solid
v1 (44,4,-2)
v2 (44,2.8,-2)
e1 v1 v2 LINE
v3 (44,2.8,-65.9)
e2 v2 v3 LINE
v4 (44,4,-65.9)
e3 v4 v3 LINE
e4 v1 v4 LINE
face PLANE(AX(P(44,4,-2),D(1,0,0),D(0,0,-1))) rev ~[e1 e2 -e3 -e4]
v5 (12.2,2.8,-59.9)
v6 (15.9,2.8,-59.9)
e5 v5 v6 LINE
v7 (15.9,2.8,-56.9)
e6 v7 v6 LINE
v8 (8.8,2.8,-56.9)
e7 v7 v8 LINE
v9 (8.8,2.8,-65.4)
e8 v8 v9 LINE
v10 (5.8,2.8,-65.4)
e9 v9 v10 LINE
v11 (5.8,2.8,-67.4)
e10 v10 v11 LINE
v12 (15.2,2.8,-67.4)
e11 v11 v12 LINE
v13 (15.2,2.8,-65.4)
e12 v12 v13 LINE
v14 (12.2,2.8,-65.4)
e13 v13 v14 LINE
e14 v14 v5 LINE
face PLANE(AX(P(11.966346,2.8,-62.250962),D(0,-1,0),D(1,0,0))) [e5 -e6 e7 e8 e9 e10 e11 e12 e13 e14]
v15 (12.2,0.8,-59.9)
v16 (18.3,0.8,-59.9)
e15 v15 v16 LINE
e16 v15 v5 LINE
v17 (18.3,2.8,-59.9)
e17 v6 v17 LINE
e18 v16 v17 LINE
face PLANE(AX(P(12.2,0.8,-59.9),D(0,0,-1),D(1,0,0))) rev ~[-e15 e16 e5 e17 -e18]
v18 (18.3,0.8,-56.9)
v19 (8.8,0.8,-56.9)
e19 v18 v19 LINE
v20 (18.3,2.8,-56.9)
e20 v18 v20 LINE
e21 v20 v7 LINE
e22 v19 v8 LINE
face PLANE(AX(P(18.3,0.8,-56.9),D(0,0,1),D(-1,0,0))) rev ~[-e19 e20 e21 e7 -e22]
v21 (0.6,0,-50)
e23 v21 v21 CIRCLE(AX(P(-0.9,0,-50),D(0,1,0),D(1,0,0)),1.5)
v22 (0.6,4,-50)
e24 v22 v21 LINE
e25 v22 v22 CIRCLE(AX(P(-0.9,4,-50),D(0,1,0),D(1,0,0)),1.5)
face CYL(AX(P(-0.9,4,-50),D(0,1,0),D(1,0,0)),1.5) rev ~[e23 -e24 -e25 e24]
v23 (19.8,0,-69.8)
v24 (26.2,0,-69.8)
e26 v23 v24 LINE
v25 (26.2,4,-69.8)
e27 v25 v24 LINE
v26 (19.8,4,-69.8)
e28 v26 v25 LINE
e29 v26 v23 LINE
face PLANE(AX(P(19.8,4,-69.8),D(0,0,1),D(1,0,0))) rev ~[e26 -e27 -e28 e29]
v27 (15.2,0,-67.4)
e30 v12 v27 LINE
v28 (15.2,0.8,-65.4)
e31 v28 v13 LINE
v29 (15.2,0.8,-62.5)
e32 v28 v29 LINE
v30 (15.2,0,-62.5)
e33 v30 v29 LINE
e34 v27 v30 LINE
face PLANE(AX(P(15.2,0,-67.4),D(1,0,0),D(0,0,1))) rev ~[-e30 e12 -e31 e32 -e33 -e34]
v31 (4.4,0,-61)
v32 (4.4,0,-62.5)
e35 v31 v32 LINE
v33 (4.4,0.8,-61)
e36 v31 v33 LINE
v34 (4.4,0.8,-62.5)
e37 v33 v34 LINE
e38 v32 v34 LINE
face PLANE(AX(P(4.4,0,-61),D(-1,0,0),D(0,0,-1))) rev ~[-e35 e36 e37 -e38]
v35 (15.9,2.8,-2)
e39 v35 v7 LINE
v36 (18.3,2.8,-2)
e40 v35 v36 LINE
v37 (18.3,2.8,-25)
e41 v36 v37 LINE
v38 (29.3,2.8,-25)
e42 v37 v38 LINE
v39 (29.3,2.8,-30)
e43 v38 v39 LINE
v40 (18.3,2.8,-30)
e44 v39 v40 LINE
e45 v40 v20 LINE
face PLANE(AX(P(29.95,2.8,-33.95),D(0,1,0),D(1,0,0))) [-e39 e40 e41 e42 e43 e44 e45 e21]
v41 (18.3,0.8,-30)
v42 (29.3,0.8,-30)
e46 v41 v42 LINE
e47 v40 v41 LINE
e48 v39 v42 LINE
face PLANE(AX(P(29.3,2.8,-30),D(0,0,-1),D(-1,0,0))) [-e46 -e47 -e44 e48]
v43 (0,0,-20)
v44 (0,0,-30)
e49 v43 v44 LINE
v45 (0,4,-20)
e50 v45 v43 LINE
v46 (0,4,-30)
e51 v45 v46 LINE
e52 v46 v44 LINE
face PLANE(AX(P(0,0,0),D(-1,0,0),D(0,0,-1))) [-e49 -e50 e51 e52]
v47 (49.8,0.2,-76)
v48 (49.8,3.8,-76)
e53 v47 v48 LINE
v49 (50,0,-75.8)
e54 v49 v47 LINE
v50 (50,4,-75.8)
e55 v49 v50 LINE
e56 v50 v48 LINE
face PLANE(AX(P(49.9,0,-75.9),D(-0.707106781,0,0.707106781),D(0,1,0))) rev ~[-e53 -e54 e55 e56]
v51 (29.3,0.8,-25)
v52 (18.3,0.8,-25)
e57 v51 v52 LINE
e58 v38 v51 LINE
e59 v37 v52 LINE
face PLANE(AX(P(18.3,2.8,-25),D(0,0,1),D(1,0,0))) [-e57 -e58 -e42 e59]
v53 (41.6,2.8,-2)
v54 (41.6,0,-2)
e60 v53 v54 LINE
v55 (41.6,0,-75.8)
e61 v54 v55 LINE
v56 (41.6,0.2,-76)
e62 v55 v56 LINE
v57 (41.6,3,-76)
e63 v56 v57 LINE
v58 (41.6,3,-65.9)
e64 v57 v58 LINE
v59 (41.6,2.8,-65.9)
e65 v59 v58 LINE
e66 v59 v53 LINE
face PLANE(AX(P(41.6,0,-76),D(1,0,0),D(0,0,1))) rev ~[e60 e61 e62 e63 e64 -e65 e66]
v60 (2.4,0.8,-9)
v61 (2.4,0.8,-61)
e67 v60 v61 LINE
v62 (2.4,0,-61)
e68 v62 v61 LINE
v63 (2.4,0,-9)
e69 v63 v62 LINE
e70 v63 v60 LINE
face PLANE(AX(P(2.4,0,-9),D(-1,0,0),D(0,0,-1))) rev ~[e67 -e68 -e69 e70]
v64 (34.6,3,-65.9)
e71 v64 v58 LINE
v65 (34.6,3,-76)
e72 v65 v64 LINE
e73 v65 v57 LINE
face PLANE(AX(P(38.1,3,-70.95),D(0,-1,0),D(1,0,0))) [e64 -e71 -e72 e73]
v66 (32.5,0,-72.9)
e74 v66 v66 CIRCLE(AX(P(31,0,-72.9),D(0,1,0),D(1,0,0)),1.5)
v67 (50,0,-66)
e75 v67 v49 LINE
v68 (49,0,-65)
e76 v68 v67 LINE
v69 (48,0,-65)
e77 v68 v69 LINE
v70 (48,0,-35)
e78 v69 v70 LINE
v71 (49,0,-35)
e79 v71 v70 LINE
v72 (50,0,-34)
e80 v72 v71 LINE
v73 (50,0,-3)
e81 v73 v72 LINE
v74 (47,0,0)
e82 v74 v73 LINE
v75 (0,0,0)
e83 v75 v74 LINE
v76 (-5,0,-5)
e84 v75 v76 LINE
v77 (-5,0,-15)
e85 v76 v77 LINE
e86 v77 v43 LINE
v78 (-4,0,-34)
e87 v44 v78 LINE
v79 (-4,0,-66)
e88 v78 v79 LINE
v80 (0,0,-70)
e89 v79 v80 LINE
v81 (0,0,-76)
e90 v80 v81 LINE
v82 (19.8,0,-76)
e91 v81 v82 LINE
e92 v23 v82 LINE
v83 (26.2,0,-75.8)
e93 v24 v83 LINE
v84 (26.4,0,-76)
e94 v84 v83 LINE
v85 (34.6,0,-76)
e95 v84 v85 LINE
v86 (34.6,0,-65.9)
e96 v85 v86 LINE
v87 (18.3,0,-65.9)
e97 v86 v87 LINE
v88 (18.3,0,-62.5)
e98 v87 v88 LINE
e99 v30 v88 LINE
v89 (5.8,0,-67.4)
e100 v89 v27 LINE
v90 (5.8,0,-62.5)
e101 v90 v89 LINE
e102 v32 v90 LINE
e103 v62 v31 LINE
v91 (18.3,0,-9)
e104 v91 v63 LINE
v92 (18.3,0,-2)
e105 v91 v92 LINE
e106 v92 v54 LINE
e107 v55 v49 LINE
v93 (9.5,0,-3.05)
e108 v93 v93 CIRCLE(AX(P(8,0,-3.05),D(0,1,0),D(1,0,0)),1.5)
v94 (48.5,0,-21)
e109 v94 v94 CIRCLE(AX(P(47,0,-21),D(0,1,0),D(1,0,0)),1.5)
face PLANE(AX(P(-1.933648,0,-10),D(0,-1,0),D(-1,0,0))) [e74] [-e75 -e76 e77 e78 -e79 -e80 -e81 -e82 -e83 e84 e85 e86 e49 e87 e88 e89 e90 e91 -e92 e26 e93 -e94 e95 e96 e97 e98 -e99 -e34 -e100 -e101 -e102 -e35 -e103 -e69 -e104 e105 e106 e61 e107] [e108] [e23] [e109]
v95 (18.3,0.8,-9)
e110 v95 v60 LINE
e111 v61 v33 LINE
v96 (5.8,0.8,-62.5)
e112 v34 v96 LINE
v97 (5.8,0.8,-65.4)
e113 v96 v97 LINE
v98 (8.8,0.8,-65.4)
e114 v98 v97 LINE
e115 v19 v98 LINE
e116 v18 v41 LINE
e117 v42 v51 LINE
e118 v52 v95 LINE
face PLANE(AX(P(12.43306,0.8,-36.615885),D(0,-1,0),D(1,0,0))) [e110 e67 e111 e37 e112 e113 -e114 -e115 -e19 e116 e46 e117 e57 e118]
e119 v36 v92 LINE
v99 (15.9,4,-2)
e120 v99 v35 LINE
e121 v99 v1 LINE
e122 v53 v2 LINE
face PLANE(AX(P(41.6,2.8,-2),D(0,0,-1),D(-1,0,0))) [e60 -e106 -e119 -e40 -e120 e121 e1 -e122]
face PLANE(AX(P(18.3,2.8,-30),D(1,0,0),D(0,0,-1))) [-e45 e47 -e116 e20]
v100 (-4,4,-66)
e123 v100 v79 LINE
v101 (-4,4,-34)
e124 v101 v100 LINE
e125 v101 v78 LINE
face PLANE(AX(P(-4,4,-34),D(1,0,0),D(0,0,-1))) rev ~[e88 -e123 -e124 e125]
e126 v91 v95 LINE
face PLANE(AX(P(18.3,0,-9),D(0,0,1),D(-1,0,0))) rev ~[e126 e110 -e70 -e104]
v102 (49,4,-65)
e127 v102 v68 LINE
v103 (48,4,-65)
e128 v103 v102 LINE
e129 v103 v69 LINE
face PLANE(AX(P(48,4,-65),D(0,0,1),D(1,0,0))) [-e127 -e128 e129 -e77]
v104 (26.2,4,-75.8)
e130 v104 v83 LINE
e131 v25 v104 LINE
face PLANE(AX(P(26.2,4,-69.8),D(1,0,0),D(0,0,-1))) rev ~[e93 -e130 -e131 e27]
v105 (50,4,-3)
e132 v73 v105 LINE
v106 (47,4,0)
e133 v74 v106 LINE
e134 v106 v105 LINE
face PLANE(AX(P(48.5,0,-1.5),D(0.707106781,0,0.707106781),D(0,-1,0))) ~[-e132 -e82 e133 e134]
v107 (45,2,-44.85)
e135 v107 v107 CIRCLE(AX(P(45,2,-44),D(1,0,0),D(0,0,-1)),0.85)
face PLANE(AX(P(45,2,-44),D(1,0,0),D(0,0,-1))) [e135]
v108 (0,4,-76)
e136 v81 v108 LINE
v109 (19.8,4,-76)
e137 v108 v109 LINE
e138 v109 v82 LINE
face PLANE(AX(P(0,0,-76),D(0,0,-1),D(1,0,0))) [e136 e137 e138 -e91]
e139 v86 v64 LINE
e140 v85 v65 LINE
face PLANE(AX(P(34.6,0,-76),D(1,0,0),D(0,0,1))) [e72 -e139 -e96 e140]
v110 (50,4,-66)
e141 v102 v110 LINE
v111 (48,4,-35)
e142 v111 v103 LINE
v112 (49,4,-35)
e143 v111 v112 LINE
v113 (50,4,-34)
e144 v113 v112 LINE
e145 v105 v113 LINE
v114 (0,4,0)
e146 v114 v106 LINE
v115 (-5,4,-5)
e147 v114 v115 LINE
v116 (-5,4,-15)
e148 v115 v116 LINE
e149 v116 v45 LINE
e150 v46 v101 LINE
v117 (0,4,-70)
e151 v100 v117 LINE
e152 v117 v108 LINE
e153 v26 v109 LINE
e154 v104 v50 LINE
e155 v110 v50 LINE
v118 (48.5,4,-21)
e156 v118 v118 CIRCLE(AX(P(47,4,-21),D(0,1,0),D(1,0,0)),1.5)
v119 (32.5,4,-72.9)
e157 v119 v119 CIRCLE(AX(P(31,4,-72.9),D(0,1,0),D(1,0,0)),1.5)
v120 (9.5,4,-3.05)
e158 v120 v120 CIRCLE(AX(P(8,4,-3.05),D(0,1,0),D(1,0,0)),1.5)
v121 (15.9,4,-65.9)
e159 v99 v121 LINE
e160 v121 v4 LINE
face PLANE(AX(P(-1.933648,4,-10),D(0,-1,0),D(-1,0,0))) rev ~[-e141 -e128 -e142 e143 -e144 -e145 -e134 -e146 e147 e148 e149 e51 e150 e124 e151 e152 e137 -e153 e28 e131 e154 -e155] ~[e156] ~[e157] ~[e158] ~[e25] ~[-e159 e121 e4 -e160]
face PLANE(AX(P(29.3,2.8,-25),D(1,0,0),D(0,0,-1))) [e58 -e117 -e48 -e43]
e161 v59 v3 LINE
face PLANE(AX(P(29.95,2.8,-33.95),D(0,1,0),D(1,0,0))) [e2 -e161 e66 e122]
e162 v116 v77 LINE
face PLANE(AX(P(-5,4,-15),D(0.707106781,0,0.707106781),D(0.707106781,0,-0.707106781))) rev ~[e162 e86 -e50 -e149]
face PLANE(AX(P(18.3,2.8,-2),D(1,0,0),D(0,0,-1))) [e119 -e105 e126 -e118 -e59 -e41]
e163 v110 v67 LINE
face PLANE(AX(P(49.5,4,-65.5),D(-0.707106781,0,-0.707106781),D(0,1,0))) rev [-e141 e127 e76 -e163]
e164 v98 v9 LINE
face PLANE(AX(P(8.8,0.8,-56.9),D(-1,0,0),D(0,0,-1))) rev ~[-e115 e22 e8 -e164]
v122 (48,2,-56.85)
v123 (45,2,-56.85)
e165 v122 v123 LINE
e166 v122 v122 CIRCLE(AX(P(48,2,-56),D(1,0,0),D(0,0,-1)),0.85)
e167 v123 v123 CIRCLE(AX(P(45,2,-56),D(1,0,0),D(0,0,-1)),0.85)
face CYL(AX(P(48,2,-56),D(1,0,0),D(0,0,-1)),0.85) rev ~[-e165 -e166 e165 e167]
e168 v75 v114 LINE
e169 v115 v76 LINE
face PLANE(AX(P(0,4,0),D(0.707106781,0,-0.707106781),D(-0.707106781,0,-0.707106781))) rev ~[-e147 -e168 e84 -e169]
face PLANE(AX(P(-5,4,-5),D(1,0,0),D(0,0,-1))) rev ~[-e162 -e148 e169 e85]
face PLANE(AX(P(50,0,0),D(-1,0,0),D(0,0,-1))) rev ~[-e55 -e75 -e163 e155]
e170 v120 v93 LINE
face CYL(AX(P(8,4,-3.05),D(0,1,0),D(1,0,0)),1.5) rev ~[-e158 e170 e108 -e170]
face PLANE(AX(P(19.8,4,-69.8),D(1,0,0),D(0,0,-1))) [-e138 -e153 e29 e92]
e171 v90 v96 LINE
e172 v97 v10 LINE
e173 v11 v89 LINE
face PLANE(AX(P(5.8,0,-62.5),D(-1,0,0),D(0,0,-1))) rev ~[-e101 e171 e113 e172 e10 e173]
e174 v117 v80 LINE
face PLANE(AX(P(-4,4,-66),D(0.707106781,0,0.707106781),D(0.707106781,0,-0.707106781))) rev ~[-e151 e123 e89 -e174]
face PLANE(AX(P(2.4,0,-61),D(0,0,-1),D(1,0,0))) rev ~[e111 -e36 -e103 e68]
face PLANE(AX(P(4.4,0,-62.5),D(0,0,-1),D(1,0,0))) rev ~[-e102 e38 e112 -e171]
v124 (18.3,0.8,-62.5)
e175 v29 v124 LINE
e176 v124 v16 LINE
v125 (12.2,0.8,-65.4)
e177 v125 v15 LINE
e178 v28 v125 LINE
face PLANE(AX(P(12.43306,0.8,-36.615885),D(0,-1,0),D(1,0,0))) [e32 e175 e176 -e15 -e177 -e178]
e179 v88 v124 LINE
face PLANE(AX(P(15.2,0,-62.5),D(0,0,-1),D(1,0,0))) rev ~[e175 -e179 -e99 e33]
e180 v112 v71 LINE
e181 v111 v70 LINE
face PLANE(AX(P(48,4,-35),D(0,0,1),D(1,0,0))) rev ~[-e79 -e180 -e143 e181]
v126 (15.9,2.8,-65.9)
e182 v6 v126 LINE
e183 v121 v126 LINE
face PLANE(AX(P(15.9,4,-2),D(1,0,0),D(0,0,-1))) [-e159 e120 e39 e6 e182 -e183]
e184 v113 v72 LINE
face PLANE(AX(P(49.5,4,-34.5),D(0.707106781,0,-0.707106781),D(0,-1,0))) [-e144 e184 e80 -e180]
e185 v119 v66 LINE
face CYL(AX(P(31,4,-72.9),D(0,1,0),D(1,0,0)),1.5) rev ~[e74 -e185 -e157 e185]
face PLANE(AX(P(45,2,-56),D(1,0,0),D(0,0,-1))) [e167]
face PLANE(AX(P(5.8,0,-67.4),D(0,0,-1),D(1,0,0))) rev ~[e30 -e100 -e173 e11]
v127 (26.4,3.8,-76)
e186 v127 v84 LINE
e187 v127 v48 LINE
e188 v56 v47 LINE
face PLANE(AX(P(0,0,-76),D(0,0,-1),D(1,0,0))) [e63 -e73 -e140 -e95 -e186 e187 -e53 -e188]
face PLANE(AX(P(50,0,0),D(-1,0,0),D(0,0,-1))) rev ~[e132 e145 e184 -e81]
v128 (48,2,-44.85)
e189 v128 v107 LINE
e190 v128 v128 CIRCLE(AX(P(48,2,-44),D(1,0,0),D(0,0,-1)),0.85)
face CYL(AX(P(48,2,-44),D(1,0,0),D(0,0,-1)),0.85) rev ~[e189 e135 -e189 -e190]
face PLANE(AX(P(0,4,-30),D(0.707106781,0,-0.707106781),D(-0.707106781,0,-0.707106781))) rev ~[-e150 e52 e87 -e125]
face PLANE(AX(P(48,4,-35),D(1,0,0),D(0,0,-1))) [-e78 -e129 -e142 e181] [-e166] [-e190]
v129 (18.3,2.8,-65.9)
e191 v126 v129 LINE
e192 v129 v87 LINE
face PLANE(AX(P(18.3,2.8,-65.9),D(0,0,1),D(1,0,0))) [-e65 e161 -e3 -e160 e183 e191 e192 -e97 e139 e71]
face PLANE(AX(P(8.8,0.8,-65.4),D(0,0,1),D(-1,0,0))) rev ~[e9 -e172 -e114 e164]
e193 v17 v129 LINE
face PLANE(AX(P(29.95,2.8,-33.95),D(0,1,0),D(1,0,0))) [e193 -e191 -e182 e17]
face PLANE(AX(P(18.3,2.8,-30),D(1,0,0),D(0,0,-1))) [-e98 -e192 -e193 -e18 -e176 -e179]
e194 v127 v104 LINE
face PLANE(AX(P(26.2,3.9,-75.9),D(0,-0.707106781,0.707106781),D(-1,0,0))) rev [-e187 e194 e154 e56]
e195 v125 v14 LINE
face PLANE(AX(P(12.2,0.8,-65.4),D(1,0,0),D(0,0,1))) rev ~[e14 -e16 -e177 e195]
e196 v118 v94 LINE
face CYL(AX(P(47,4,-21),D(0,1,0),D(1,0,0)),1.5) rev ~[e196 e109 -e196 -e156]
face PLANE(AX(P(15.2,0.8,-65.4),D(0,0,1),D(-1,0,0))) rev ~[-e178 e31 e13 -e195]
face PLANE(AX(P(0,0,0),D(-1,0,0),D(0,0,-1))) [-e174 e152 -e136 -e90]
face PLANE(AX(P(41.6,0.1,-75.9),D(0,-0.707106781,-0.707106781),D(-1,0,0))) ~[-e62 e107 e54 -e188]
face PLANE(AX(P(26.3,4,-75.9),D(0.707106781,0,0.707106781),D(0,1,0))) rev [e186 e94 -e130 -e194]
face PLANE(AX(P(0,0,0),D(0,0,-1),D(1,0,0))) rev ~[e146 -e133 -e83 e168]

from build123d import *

# Parameters (mm, degrees)
SKETCH_1_W           = 50
SKETCH_1_H           = 76
EXTRUDE_1_DEPTH      = 4
EXTRUDE_2_DEPTH      = 4
SKETCH_4_W           = 6.4
SKETCH_4_H           = 6.2
CUT_EXTRUDE_1_DEPTH  = 4
CHAMFER_1_SIZE       = 3
SKETCH_6_W           = 2
SKETCH_6_H           = 30
CUT_EXTRUDE_3_DEPTH  = 5
SKETCH_7_W           = 28.1
SKETCH_7_H           = 63.9
CUT_EXTRUDE_4_DEPTH  = 1.2
CUT_EXTRUDE_5_DEPTH  = 3.8
CUT_EXTRUDE_6_DEPTH  = 0.8
SKETCH_10_R          = 0.85
CUT_EXTRUDE_7_DEPTH  = 3
SKETCH_11_R          = 1.5
CUT_EXTRUDE_8_DEPTH  = 5
CHAMFER_2_SIZE       = 1
SKETCH_12_W          = 7
SKETCH_12_H          = 10.1
CUT_EXTRUDE_9_DEPTH  = 3
CHAMFER_3_SIZE       = 0.2
CUT_EXTRUDE_10_DEPTH = 2


with BuildPart() as part:
    # 草图1 → 凸台-拉伸1 (new body)
    with BuildSketch(Plane(origin=(0, 0, 0), x_dir=(1, 0, 0), z_dir=(0, 1, 0))):
        with Locations((25, 38)):
            Rectangle(SKETCH_1_W, SKETCH_1_H)
    extrude(amount=EXTRUDE_1_DEPTH)

    # 草图3 → 凸台-拉伸2 (add)
    with BuildSketch(Plane(origin=(0, 4, 0), x_dir=(1, 0, 0), z_dir=(0, 1, 0))):
        Polygon((0, 0), (-5, 5), (-5, 15), (0, 20), align=None)
        Polygon((0, 30), (-4, 34), (-4, 66), (0, 70), align=None)
    extrude(amount=-EXTRUDE_2_DEPTH)

    # 草图4 → 切除-拉伸1 (cut)
    with BuildSketch(Plane(origin=(0, 4, 0), x_dir=(1, 0, 0), z_dir=(0, 1, 0))):
        with Locations((23, 72.9)):
            Rectangle(SKETCH_4_W, SKETCH_4_H)
    extrude(amount=-CUT_EXTRUDE_1_DEPTH, mode=Mode.SUBTRACT)

    # 倒角1
    chamfer_1_edges = [part.edges().sort_by_distance(p)[0] for p in [
        (50, 2, 0),
    ]]
    chamfer(chamfer_1_edges, length=CHAMFER_1_SIZE)

    # 草图6 → 切除-拉伸3 (cut, through all)
    with BuildSketch(Plane(origin=(0, 4, 0), x_dir=(1, 0, 0), z_dir=(0, 1, 0))):
        with Locations((49, 50)):
            Rectangle(SKETCH_6_W, SKETCH_6_H)
    extrude(amount=-CUT_EXTRUDE_3_DEPTH, mode=Mode.SUBTRACT)

    # 草图7 → 切除-拉伸4 (cut)
    with BuildSketch(Plane(origin=(0, 4, 0), x_dir=(1, 0, 0), z_dir=(0, 1, 0))):
        with Locations((29.95, 33.95)):
            Rectangle(SKETCH_7_W, SKETCH_7_H)
    extrude(amount=-CUT_EXTRUDE_4_DEPTH, mode=Mode.SUBTRACT)

    # 草图8 → 切除-拉伸5 (cut, through all)
    with BuildSketch(Plane(origin=(0, 2.8, 0), x_dir=(1, 0, 0), z_dir=(0, 1, 0))):
        Polygon((41.6, 65.9), (41.6, 2), (18.3, 2), (18.3, 25), (29.3, 25), (29.3, 30), (18.3, 30), (18.3, 65.9), align=None)
    extrude(amount=-CUT_EXTRUDE_5_DEPTH, mode=Mode.SUBTRACT)

    # 草图9 → 切除-拉伸6 (cut)
    with BuildSketch(Plane.XZ):
        Polygon((18.3, -25), (18.3, -9), (2.4, -9), (2.4, -61), (4.4, -61), (4.4, -62.5), (5.8, -62.5), (5.8, -67.4), (15.2, -67.4), (15.2, -62.5), (18.3, -62.5), (18.3, -30), (29.3, -30), (29.3, -25), align=None)
    extrude(amount=-CUT_EXTRUDE_6_DEPTH, mode=Mode.SUBTRACT)

    # 草图10 → 切除-拉伸7 (cut)
    with BuildSketch(Plane(origin=(48, 0, 0), x_dir=(0, 0, -1), z_dir=(1, 0, 0))):
        with Locations((44, 2)):
            Circle(SKETCH_10_R)
        with Locations((56, 2)):
            Circle(SKETCH_10_R)
    extrude(amount=-CUT_EXTRUDE_7_DEPTH, mode=Mode.SUBTRACT)

    # 草图11 → 切除-拉伸8 (cut, through all)
    with BuildSketch(Plane(origin=(0, 4, 0), x_dir=(1, 0, 0), z_dir=(0, 1, 0))):
        with Locations((-0.9, 50)):
            Circle(SKETCH_11_R)
        with Locations((31, 72.9)):
            Circle(SKETCH_11_R)
        with Locations((8, 3.05)):
            Circle(SKETCH_11_R)
        with Locations((47, 21)):
            Circle(SKETCH_11_R)
    extrude(amount=-CUT_EXTRUDE_8_DEPTH, mode=Mode.SUBTRACT)

    # 倒角2
    chamfer_2_edges = [part.edges().sort_by_distance(p)[0] for p in [
        (50, 2, -65),
        (50, 2, -35),
    ]]
    chamfer(chamfer_2_edges, length=CHAMFER_2_SIZE)

    # 草图12 → 切除-拉伸9 (cut)
    with BuildSketch(Plane.XZ):
        with Locations((38.1, -70.95)):
            Rectangle(SKETCH_12_W, SKETCH_12_H)
    extrude(amount=-CUT_EXTRUDE_9_DEPTH, mode=Mode.SUBTRACT)

    # 倒角3
    chamfer_3_edges = [part.edges().sort_by_distance(p)[0] for p in [
        (26.2, 2, -76),
        (45.8, 0, -76),
        (50, 2, -76),
        (38.1, 4, -76),
    ]]
    chamfer(chamfer_3_edges, length=CHAMFER_3_SIZE)

    # 草图13 → 切除-拉伸10 (cut)
    with BuildSketch(Plane.XZ.offset(-0.8)):
        Polygon((5.8, -67.4), (15.2, -67.4), (15.2, -65.4), (12.2, -65.4), (12.2, -59.9), (18.3, -59.9), (18.3, -56.9), (8.8, -56.9), (8.8, -59.955757414), (8.8, -65.4), (5.8, -65.4), align=None)
    extrude(amount=-CUT_EXTRUDE_10_DEPTH, mode=Mode.SUBTRACT)


solid = part.part
